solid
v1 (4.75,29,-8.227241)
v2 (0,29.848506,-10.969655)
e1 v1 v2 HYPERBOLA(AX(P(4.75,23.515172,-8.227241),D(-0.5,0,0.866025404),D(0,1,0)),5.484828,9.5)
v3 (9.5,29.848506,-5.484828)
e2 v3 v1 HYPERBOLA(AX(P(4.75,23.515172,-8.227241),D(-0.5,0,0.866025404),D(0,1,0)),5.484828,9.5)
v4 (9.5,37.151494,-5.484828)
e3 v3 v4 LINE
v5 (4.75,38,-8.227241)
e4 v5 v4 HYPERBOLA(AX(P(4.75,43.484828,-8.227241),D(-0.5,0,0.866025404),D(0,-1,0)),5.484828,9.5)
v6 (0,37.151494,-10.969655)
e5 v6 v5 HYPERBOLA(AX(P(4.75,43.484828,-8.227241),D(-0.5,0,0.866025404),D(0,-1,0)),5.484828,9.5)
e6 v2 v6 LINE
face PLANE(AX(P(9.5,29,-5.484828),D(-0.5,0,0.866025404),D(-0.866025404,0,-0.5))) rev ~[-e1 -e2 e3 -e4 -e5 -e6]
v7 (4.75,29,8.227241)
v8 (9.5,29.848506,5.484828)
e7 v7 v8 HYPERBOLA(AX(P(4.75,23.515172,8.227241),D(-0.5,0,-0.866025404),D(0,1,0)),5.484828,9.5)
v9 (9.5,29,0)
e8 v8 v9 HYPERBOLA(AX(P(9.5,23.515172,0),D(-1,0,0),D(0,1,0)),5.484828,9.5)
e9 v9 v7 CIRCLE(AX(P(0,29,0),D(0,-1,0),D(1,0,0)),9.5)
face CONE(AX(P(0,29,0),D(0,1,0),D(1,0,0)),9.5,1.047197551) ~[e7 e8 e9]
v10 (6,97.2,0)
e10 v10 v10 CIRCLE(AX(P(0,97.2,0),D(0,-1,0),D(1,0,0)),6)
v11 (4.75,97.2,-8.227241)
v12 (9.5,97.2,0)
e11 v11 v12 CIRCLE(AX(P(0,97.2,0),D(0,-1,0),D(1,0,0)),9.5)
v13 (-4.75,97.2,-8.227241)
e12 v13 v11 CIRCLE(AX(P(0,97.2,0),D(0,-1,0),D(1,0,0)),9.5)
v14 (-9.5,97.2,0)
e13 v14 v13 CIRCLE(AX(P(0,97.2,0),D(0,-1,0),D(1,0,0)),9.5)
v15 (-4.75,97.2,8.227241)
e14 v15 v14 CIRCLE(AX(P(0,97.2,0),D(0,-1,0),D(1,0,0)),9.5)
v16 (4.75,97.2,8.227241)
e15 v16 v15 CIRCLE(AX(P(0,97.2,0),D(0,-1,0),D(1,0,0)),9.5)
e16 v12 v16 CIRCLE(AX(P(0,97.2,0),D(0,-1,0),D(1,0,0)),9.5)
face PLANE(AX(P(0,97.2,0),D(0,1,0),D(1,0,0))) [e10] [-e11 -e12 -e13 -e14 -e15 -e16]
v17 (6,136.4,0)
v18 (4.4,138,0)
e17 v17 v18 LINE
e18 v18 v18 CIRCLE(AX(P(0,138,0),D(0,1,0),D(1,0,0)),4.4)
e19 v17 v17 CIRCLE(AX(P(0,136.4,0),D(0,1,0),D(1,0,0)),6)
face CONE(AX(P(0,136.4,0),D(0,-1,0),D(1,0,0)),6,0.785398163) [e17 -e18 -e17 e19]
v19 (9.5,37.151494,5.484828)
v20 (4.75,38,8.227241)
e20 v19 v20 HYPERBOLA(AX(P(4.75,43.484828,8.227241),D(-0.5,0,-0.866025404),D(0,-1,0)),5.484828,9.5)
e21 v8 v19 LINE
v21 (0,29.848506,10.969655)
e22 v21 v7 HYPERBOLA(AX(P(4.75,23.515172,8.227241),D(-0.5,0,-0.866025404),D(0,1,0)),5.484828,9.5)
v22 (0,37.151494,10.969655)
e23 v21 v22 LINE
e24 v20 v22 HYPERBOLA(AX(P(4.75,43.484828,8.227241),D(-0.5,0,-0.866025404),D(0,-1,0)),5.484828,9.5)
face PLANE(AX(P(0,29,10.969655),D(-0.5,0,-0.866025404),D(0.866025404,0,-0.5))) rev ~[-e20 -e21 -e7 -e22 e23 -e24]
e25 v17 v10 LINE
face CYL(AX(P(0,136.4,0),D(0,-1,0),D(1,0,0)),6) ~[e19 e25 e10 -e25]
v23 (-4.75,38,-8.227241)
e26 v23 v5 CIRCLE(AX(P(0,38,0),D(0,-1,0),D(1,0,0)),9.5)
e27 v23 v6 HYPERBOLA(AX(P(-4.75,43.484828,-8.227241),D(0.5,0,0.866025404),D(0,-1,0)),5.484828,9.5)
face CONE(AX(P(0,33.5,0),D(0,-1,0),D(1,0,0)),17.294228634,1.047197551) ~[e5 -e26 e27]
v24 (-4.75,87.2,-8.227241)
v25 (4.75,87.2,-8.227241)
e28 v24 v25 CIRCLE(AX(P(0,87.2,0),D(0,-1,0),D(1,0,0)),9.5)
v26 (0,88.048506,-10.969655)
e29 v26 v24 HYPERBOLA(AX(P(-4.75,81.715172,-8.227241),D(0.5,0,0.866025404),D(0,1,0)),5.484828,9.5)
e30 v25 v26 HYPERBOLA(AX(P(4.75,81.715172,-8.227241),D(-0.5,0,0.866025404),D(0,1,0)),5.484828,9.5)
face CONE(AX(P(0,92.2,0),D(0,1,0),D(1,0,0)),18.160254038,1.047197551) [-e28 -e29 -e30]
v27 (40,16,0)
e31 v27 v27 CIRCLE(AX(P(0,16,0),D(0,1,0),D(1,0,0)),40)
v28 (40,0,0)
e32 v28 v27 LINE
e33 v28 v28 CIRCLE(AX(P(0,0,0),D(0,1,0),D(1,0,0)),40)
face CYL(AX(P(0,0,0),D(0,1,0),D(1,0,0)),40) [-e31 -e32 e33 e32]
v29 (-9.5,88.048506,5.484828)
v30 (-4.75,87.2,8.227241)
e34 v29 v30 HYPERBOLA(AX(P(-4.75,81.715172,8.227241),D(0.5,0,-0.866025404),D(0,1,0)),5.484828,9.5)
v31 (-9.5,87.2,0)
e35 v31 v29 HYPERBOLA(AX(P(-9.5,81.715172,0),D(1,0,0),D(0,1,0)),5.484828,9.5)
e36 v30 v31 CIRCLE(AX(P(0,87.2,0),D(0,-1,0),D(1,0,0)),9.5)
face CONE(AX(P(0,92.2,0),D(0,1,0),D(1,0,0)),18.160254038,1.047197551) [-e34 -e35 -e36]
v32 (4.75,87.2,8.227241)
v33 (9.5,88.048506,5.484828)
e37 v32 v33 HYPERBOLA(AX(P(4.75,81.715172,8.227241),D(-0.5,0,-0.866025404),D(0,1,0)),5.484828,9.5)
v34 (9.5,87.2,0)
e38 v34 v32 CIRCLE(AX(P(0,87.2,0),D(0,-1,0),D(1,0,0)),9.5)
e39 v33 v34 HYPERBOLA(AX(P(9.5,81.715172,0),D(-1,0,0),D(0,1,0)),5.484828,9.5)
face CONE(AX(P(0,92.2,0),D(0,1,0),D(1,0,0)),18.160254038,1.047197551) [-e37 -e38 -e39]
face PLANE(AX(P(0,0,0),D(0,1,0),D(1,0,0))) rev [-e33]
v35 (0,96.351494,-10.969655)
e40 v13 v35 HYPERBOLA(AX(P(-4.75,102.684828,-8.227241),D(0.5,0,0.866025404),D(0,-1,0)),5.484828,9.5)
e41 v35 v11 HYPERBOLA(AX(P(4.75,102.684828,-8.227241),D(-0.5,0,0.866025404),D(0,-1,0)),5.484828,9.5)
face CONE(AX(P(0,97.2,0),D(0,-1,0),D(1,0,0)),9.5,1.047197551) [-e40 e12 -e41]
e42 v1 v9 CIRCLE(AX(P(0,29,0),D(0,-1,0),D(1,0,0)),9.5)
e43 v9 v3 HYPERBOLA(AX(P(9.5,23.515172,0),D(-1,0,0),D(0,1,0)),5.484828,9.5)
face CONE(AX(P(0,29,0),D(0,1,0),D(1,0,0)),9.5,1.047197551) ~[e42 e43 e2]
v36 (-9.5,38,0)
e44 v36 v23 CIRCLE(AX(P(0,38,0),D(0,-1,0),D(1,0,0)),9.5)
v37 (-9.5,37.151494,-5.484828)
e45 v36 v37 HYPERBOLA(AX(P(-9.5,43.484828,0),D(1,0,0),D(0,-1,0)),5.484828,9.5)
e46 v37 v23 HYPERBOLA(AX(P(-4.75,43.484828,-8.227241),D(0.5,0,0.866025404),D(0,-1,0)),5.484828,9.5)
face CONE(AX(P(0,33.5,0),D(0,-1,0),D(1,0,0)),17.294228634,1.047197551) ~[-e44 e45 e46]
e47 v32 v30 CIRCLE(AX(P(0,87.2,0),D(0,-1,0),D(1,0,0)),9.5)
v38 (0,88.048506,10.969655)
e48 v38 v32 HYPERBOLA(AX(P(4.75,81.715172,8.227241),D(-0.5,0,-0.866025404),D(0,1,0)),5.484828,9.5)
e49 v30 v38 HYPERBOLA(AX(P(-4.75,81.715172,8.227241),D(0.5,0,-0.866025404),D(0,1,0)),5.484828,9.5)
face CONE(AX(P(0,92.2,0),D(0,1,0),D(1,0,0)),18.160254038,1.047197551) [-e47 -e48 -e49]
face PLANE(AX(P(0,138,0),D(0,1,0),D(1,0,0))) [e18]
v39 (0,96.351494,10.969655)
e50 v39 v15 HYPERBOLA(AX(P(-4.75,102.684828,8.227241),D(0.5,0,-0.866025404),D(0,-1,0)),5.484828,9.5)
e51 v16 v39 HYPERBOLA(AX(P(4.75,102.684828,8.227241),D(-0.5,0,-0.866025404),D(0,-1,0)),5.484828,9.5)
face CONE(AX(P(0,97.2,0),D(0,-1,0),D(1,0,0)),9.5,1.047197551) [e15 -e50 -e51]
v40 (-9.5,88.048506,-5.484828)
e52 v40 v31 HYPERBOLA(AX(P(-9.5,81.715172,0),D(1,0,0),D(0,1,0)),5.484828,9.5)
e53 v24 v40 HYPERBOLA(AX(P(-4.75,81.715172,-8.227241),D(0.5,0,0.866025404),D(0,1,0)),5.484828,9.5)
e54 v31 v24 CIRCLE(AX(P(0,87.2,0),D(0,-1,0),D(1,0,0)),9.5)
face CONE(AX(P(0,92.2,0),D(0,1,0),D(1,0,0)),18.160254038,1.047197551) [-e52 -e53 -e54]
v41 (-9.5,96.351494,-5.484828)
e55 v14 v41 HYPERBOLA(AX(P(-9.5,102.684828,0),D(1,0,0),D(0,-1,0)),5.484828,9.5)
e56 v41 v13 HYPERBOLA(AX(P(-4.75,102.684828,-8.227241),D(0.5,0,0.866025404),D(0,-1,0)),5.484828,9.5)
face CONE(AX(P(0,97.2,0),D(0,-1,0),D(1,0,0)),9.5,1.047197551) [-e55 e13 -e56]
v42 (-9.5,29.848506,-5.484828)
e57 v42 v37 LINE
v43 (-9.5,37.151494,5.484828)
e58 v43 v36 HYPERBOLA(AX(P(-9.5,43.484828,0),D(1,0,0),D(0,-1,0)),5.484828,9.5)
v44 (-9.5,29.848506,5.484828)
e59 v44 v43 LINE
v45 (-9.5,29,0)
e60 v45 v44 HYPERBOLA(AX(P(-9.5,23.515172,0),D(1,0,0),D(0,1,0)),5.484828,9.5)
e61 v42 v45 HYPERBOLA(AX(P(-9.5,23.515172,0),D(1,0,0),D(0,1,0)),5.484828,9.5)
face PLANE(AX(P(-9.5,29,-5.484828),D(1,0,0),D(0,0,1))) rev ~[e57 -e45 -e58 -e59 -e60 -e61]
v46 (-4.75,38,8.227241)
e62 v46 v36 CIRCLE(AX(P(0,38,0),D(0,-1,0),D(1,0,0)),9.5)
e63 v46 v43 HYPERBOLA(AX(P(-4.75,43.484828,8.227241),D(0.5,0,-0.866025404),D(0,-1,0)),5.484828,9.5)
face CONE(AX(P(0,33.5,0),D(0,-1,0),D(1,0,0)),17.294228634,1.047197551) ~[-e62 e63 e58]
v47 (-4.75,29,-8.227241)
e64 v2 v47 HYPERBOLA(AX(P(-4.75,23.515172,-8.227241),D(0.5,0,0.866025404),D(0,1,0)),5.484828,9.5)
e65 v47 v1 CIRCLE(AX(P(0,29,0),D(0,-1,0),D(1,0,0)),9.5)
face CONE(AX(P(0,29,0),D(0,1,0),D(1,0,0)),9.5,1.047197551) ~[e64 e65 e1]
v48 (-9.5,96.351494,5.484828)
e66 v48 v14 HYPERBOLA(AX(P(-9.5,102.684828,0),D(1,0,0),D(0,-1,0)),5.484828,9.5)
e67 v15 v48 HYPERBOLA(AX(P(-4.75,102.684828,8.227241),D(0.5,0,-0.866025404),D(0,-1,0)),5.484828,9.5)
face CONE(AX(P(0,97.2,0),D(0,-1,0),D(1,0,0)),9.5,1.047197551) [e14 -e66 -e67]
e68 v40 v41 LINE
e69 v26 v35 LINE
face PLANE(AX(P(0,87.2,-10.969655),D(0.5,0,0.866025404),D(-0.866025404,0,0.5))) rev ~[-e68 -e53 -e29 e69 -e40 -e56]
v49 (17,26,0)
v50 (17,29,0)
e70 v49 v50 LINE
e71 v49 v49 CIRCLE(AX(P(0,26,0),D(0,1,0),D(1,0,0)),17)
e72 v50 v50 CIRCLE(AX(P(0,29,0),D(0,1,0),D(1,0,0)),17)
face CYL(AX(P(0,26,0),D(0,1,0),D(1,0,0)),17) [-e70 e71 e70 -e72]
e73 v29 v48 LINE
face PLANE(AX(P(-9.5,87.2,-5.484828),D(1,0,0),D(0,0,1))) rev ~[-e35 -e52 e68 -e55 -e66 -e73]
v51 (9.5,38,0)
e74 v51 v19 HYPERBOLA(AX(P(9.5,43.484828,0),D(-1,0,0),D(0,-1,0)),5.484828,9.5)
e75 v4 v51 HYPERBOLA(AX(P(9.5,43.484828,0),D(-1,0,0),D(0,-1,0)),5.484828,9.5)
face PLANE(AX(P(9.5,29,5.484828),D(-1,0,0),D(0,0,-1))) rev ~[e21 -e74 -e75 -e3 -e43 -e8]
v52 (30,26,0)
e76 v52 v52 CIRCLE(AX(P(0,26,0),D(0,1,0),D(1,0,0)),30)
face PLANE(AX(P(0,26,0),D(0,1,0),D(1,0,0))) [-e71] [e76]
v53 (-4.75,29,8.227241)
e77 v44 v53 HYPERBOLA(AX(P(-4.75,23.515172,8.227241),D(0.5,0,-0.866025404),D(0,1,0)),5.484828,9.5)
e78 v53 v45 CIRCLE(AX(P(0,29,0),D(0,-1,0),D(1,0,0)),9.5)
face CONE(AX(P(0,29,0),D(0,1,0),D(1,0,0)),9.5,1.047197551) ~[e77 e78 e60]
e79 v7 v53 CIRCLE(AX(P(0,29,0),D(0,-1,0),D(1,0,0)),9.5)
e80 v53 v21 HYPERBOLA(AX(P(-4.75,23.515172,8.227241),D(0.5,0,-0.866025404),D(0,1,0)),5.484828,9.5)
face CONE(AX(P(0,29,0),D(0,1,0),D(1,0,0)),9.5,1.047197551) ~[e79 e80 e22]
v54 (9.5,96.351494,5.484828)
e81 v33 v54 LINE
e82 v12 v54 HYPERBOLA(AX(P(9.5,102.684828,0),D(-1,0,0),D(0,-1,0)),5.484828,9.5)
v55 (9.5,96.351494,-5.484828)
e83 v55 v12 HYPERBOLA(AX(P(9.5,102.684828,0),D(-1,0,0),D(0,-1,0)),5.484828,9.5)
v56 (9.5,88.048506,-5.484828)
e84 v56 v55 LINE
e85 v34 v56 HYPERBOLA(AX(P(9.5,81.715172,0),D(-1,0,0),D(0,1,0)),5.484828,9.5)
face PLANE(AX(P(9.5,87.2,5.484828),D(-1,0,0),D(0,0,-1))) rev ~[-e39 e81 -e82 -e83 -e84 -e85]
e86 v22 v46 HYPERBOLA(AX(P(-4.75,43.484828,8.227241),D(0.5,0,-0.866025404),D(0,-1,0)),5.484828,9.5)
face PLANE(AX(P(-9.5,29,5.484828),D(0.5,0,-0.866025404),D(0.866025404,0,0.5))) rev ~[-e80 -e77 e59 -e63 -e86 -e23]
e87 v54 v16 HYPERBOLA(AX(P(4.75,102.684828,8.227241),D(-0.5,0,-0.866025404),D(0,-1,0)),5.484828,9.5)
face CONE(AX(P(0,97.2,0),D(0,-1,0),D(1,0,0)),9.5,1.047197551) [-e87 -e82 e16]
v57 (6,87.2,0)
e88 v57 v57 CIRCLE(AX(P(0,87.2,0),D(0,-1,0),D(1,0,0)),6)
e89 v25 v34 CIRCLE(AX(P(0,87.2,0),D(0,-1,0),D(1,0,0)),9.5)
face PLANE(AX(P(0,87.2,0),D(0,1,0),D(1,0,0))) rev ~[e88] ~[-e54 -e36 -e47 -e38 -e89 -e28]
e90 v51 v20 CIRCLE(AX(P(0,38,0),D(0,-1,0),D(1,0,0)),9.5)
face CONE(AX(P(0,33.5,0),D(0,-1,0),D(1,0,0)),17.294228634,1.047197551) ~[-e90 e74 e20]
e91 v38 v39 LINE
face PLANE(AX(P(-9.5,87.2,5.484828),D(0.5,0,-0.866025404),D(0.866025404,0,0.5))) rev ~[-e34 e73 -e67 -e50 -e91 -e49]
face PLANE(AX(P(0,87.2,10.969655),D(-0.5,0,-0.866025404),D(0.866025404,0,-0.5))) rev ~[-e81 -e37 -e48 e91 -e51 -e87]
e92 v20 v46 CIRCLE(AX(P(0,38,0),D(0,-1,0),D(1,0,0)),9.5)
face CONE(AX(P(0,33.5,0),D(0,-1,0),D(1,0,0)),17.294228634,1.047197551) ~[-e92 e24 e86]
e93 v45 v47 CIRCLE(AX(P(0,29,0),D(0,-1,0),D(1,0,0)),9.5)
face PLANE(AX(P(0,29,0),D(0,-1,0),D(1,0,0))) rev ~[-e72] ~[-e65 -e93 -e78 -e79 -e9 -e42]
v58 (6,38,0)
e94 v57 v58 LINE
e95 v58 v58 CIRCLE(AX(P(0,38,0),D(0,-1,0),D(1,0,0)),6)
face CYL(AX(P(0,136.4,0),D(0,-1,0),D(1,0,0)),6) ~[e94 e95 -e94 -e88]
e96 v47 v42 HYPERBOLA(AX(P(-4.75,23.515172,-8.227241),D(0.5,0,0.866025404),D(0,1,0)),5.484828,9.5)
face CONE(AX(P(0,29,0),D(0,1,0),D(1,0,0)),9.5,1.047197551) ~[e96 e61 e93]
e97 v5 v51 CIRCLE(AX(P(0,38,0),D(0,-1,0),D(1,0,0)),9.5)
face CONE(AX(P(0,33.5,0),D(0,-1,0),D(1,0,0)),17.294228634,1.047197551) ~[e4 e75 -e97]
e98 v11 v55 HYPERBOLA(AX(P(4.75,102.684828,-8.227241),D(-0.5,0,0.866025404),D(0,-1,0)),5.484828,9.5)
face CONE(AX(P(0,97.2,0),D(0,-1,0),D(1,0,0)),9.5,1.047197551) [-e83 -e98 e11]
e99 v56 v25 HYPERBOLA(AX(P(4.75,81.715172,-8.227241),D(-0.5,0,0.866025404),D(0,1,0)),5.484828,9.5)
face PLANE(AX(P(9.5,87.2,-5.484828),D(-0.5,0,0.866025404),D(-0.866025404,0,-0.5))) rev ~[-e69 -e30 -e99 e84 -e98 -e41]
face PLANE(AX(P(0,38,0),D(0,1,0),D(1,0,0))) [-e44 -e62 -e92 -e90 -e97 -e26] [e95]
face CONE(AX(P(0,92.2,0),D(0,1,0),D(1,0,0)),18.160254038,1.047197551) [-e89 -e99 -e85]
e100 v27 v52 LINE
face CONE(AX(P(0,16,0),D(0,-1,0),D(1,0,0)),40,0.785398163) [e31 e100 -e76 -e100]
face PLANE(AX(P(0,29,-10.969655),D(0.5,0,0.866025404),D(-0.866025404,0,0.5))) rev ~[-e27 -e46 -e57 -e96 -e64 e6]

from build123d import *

# Parameters (mm, degrees)
EXTRUDE_1_DEPTH = 9
EXTRUDE_2_DEPTH = 10


with BuildPart() as part:
    # Эскиз1 → Повернуть1 (revolve)
    with BuildSketch(Plane.XY, mode=Mode.PRIVATE) as revolve_1_sk:
        Polygon((0, 0), (-40, 0), (-40, 16), (-30, 26), (-17, 26), (-17, 29), (-6, 29), (-6, 38), (-6, 136.4), (-4.4, 138), (0, 138), align=None)
    revolve(revolve_1_sk.sketch.rotate(Axis((0, 0, 0), (0, 1, 0)), 180), axis=Axis((0, 0, 0), (0, 1, 0)))  # turned: the seam where the file's is

    # Эскиз2 → Бобышка-Вытянуть1 (add)
    with BuildSketch(Plane(origin=(0, 29, 0), x_dir=(1, 0, 0), z_dir=(0, 1, 0))):
        Polygon((0, 10.969655115), (-9.5, 5.484827557), (-9.5, -5.484827557), (0, -10.969655115), (9.5, -5.484827557), (9.5, 5.484827557), align=None)
    extrude(amount=EXTRUDE_1_DEPTH)

    # Эскиз3 → Бобышка-Вытянуть2 (add)
    with BuildSketch(Plane(origin=(0, 87.2, 0), x_dir=(1, 0, 0), z_dir=(0, 1, 0))):
        Polygon((9.5, 5.484827557), (0, 10.969655115), (-9.5, 5.484827557), (-9.5, -5.484827557), (0, -10.969655115), (9.5, -5.484827557), align=None)
    extrude(amount=EXTRUDE_2_DEPTH)

    # Эскиз4 → Вырез-Повернуть2 (revolve, cut)
    with BuildSketch(Plane.XY, mode=Mode.PRIVATE) as cut_revolve_2_sk:
        Polygon((-18.160254038, 97.2), (-9.5, 97.2), (-18.160254038, 92.2), align=None)
        Polygon((-18.160254038, 87.2), (-18.160254038, 92.2), (-9.5, 87.2), align=None)
        Polygon((-17.294228634, 38), (-17.294228634, 33.5), (-9.5, 38), align=None)
        Polygon((-17.294228634, 33.5), (-17.294228634, 29), (-9.5, 29), align=None)
    revolve(cut_revolve_2_sk.sketch.rotate(Axis((0, 138, 0), (0, -1, 0)), 180), axis=Axis((0, 138, 0), (0, -1, 0)), mode=Mode.SUBTRACT)  # turned: the seam where the file's is


solid = part.part
